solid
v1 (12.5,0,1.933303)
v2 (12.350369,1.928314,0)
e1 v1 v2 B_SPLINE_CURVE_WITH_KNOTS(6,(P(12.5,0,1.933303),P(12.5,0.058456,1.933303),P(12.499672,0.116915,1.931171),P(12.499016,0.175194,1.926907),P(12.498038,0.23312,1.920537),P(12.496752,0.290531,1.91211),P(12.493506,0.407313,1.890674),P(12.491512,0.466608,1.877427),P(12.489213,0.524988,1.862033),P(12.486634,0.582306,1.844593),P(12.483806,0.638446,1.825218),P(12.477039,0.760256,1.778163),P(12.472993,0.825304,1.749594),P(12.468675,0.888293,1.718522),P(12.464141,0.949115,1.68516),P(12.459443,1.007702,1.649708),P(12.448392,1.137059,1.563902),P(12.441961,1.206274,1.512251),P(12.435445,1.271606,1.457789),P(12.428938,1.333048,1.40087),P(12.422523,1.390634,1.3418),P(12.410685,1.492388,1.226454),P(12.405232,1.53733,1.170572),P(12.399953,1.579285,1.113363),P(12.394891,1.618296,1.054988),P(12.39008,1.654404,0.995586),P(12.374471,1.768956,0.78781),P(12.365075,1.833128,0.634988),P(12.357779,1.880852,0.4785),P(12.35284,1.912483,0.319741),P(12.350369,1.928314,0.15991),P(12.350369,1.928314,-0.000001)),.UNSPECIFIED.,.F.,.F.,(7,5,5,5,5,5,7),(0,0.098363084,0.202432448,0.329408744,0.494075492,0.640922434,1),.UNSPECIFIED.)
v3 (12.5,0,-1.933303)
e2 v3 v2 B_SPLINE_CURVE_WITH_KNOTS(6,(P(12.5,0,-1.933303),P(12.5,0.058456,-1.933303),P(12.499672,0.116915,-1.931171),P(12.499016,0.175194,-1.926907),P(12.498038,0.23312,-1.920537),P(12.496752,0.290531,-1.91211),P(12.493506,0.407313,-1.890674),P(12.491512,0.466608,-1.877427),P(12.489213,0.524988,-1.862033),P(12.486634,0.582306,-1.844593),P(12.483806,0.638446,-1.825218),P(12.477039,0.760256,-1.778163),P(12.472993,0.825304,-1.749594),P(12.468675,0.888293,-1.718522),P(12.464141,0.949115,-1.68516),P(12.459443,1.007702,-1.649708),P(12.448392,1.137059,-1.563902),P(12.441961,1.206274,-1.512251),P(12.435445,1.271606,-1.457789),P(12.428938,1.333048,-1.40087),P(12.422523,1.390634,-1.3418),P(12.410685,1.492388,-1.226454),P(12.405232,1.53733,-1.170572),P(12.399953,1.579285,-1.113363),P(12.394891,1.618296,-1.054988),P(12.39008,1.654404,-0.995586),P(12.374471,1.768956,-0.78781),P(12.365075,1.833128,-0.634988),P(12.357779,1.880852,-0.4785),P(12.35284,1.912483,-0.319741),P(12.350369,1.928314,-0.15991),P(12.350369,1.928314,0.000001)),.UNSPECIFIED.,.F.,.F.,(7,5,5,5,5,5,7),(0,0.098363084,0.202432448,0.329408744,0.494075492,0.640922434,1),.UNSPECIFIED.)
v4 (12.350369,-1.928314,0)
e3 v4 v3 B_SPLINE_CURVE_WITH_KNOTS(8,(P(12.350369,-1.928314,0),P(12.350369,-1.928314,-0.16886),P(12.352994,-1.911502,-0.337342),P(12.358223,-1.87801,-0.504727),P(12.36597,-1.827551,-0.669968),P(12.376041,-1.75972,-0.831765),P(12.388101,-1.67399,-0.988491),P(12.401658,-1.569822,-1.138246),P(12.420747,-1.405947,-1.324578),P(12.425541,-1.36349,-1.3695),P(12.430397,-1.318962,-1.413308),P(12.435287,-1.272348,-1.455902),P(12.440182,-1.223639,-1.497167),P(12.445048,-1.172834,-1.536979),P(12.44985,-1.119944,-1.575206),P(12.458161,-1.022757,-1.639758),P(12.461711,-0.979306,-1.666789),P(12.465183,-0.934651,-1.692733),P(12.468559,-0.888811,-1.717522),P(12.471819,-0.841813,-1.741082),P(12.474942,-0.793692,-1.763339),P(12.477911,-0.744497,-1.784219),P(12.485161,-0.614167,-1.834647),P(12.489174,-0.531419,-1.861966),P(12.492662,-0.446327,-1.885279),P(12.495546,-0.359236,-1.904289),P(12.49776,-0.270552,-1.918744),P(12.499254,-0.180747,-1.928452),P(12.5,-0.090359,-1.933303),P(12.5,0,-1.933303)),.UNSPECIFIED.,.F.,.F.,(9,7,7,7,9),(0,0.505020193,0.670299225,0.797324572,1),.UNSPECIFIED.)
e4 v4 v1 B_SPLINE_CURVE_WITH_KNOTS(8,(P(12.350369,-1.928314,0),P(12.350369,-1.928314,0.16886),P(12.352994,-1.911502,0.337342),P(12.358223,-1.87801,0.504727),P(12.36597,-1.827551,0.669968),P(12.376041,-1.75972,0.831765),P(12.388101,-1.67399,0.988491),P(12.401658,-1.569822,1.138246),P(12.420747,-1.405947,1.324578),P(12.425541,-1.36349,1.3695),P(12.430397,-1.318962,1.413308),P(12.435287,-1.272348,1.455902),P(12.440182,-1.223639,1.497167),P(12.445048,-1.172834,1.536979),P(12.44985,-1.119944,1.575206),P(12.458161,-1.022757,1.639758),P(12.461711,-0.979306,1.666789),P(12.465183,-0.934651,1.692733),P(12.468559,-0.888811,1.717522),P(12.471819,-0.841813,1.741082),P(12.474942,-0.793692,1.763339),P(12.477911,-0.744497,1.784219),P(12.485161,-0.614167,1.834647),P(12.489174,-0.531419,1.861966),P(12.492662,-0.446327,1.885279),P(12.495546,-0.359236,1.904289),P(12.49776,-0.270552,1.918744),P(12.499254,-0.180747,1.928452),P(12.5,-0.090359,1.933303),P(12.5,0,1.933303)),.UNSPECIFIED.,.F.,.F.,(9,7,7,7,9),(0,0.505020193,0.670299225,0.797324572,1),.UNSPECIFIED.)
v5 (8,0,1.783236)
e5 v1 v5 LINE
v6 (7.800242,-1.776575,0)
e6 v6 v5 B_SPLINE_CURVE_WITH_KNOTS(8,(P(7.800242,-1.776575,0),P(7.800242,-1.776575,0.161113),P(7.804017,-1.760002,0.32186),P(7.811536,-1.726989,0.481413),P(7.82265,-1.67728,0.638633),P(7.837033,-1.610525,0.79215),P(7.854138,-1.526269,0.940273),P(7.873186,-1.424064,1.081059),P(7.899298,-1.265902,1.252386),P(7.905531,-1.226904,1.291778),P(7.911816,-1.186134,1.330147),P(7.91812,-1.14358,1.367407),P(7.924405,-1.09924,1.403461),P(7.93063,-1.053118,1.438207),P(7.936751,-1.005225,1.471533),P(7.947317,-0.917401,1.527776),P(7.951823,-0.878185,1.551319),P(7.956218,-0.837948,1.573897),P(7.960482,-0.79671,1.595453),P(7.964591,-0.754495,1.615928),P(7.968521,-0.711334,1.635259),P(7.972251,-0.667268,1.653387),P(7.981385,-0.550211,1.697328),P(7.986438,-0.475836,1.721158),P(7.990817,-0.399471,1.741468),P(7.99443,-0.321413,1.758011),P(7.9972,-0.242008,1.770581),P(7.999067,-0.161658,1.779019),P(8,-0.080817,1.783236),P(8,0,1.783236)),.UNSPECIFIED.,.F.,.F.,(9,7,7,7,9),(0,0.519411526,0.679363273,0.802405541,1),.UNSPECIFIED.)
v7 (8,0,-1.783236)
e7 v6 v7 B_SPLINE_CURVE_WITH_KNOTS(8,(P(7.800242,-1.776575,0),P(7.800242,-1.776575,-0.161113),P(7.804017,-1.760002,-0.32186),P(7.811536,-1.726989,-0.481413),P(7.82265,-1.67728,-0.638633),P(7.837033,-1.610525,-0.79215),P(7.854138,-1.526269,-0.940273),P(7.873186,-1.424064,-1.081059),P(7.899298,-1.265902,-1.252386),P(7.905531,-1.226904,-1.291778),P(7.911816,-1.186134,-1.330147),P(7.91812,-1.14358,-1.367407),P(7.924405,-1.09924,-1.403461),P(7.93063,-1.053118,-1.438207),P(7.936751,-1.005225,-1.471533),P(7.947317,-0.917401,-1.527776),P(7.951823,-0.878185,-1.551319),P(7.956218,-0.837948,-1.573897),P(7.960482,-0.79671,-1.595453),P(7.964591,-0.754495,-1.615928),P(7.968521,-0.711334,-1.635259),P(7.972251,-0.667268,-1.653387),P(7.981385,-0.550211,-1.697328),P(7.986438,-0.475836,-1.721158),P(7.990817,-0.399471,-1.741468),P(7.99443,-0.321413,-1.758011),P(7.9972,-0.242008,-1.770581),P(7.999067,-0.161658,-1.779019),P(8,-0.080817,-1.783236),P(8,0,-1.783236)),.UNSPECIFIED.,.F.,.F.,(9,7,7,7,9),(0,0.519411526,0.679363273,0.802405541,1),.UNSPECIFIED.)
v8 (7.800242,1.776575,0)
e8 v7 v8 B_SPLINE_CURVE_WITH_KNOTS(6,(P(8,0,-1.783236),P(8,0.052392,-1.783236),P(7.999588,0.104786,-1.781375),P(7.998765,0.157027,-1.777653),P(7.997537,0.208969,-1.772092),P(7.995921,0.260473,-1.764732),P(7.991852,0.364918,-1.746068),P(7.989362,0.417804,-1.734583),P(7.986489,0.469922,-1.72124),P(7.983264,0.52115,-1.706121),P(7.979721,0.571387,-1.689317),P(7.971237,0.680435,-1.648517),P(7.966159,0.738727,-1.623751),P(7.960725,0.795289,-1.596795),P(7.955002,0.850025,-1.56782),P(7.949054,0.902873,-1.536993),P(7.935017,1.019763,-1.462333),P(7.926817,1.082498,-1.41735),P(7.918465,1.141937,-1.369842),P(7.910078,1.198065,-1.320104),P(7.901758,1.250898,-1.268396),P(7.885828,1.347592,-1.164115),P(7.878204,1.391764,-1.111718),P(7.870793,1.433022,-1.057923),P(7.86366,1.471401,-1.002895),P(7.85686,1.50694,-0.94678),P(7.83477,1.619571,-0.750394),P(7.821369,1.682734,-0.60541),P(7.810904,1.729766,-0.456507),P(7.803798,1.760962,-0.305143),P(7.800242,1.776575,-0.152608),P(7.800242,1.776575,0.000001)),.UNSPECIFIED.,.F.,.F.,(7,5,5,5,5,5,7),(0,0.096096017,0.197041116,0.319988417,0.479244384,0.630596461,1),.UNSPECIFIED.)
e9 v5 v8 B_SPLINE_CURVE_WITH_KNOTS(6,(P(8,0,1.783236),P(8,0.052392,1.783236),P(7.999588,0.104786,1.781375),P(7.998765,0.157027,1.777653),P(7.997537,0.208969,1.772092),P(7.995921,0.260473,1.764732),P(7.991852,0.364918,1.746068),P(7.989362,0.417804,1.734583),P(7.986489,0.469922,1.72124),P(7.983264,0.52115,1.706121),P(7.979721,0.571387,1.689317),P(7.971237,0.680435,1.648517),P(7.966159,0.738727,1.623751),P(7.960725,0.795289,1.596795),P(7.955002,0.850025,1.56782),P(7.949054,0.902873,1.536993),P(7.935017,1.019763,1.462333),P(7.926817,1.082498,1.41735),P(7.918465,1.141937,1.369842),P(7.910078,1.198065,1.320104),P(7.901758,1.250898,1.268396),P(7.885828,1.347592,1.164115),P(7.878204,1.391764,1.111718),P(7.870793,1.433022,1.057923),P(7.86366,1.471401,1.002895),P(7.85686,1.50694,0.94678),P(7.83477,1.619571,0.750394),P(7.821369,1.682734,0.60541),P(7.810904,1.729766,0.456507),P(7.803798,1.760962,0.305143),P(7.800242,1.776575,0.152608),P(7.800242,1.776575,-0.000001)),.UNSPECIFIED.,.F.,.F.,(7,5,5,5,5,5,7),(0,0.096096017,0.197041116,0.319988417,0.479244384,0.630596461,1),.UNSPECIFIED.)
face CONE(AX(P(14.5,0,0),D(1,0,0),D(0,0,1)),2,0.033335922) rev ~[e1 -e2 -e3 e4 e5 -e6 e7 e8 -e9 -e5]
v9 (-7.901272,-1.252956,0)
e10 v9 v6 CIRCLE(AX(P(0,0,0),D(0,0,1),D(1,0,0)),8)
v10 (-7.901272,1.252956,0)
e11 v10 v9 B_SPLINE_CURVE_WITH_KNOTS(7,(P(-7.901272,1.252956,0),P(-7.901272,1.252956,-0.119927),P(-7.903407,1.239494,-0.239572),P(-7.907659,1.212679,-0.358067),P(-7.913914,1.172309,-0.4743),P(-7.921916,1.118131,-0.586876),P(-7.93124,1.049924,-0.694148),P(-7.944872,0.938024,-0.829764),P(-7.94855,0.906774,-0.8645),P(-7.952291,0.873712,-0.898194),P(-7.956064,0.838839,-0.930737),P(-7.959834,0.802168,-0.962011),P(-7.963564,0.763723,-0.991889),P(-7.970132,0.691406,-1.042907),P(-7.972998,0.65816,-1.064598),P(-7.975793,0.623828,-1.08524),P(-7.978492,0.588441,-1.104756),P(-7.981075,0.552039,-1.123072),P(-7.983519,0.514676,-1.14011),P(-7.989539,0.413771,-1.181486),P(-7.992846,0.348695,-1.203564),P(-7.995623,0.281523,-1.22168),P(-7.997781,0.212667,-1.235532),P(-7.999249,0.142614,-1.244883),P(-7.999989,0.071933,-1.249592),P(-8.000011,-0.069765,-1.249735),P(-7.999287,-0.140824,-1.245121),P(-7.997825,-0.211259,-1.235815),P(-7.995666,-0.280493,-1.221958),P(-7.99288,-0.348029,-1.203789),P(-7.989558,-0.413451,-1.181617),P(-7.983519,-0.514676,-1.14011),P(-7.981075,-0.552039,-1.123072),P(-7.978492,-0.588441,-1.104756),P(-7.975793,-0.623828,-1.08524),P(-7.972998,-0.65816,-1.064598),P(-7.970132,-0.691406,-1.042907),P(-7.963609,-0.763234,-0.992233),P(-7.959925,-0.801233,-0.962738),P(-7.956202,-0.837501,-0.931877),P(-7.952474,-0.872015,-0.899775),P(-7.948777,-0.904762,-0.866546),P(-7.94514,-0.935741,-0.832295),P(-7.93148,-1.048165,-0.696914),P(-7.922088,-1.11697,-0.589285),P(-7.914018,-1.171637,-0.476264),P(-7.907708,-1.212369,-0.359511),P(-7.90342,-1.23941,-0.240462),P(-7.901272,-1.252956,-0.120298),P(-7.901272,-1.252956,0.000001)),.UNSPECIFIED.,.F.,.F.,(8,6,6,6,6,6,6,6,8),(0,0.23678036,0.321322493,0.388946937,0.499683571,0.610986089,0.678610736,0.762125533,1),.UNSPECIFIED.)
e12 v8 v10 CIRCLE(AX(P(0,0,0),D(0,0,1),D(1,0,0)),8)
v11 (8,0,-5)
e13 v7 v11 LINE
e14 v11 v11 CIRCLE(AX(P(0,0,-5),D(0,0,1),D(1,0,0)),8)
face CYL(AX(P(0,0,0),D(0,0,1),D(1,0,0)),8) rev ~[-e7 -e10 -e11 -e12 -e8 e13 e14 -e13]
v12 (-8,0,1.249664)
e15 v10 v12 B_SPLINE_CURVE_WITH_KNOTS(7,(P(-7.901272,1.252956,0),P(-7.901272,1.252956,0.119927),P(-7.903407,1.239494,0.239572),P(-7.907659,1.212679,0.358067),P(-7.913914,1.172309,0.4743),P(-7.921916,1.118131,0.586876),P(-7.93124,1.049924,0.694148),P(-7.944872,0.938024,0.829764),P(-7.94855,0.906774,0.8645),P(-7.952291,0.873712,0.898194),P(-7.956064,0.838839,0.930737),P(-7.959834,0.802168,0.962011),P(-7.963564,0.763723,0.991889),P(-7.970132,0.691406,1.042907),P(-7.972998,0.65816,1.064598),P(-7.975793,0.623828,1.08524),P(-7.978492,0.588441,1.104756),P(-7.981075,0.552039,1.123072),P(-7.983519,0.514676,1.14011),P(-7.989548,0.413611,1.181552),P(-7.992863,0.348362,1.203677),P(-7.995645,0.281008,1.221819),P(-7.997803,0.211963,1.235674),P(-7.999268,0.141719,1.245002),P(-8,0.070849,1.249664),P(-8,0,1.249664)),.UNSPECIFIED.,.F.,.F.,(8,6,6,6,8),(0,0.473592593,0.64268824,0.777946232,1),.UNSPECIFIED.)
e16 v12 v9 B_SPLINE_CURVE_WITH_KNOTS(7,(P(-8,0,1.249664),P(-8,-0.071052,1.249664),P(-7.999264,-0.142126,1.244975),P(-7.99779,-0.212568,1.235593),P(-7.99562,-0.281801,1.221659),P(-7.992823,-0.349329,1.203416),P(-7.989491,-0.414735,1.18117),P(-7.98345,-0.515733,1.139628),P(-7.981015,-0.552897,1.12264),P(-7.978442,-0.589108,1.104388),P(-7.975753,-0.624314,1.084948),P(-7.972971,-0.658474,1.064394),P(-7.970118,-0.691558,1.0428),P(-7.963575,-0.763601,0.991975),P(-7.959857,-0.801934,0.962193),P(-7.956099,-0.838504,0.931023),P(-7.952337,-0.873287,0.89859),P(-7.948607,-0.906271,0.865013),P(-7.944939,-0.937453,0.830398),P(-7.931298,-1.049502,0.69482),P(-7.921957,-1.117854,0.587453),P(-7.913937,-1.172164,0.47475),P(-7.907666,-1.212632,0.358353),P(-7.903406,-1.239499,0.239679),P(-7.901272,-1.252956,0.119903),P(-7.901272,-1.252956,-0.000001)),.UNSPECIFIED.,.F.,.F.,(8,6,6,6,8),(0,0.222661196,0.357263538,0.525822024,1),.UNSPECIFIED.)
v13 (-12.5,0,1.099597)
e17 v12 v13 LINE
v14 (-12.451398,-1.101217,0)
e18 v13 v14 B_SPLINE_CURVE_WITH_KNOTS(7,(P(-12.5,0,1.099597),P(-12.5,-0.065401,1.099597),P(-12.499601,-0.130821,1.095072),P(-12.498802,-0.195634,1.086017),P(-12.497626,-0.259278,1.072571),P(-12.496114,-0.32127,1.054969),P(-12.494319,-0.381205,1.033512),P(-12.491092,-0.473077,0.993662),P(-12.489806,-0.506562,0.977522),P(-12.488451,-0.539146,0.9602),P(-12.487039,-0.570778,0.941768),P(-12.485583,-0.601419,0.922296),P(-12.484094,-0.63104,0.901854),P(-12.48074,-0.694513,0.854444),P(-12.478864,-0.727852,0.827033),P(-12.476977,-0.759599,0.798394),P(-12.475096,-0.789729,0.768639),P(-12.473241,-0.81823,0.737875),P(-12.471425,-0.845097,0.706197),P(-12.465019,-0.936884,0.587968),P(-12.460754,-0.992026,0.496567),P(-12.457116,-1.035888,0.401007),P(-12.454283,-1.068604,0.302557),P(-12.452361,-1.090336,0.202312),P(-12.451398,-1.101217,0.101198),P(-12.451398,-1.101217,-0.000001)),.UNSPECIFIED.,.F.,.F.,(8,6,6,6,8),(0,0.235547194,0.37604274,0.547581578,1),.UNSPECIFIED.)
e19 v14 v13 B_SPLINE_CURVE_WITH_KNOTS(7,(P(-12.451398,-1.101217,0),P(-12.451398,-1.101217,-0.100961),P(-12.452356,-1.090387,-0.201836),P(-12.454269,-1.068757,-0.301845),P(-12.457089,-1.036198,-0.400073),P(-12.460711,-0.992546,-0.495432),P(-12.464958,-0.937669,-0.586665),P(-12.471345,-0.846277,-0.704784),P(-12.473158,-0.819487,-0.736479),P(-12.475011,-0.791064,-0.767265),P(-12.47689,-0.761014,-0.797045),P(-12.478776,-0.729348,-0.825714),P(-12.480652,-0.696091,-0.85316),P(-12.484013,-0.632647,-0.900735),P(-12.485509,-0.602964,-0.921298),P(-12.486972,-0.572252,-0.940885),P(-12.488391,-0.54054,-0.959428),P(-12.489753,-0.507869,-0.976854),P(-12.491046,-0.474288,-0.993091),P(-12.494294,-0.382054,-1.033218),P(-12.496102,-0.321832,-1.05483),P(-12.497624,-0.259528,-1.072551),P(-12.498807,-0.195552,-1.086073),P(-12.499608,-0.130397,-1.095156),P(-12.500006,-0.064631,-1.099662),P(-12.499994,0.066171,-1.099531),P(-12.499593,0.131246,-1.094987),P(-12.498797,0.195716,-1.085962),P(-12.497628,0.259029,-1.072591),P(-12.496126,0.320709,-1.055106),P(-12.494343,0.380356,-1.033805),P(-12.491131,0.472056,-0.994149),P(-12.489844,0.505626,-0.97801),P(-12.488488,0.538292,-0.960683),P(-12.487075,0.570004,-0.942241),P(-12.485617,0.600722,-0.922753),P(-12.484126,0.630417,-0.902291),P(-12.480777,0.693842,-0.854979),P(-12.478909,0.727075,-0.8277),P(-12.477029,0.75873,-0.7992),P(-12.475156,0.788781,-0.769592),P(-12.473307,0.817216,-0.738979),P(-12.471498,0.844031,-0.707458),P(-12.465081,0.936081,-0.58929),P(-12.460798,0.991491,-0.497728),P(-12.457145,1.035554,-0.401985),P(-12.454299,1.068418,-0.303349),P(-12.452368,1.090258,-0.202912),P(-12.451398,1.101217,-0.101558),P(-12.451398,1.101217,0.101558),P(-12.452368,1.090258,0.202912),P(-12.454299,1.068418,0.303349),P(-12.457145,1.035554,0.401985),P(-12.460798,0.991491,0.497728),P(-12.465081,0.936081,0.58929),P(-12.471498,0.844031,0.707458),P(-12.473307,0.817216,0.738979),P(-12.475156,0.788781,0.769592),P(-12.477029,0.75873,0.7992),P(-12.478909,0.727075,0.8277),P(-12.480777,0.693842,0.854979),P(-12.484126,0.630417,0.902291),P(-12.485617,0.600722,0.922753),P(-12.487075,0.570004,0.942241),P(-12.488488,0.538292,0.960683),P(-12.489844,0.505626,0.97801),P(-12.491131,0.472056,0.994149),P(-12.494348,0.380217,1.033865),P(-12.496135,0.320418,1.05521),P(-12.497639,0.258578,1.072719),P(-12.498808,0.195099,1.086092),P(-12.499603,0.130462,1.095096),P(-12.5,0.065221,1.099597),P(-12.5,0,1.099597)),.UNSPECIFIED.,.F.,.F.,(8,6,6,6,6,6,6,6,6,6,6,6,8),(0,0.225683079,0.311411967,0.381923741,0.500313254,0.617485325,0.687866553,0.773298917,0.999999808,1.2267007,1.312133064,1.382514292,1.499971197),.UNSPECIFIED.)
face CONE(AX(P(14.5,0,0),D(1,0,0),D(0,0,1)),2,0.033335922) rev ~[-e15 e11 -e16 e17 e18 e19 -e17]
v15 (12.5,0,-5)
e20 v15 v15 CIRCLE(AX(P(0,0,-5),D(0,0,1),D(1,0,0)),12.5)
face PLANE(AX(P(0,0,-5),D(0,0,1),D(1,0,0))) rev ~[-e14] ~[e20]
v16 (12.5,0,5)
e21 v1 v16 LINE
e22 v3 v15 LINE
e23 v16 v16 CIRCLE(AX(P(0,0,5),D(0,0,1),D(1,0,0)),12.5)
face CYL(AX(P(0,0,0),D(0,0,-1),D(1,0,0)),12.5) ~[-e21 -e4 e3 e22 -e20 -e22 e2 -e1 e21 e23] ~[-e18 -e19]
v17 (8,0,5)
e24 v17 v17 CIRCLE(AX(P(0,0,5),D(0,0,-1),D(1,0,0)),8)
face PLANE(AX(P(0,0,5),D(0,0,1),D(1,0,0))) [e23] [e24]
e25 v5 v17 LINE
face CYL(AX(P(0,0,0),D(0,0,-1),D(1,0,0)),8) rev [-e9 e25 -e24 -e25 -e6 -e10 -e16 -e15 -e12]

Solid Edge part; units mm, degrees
sketch "Sketch1" plane through (0, 0, 0) normal (0, 0, 1) x (1, 0, 0)
  circle A0 centre (0, 0) radius 12.5
extrude "ExtrudedProtrusion_1" add sketch "Sketch1" along normal mid plane 10
sketch "Sketch2" plane through (0, 0, 0) normal (0, 0, 1) x (1, 0, 0)
  circle A0 centre (0, 0) radius 8
extrude "ExtrudedCutout_1" cut sketch "Sketch2" along normal mid plane 61.0802
sketch "Sketch3" plane through (0, 0, 0) normal (0, -1, 0) x (1, 0, 0)
  line L0 (14.5, 0) -> (14.5, 2)
  line L1 (14.5, 2) -> (-14.5, 1.0329)
  line L2 (-14.5, 1.0329) -> (-14.5, 0)
  line L3 (14.5, 0) -> (-14.5, 0)
  line L4 (0, 0) -> (14.5, 0)
revolve "RevolvedProtrusion_1" cut sketch "Sketch3" angle 360 about axis through (12.5, 0, 0) along (-1, 0, 0)
